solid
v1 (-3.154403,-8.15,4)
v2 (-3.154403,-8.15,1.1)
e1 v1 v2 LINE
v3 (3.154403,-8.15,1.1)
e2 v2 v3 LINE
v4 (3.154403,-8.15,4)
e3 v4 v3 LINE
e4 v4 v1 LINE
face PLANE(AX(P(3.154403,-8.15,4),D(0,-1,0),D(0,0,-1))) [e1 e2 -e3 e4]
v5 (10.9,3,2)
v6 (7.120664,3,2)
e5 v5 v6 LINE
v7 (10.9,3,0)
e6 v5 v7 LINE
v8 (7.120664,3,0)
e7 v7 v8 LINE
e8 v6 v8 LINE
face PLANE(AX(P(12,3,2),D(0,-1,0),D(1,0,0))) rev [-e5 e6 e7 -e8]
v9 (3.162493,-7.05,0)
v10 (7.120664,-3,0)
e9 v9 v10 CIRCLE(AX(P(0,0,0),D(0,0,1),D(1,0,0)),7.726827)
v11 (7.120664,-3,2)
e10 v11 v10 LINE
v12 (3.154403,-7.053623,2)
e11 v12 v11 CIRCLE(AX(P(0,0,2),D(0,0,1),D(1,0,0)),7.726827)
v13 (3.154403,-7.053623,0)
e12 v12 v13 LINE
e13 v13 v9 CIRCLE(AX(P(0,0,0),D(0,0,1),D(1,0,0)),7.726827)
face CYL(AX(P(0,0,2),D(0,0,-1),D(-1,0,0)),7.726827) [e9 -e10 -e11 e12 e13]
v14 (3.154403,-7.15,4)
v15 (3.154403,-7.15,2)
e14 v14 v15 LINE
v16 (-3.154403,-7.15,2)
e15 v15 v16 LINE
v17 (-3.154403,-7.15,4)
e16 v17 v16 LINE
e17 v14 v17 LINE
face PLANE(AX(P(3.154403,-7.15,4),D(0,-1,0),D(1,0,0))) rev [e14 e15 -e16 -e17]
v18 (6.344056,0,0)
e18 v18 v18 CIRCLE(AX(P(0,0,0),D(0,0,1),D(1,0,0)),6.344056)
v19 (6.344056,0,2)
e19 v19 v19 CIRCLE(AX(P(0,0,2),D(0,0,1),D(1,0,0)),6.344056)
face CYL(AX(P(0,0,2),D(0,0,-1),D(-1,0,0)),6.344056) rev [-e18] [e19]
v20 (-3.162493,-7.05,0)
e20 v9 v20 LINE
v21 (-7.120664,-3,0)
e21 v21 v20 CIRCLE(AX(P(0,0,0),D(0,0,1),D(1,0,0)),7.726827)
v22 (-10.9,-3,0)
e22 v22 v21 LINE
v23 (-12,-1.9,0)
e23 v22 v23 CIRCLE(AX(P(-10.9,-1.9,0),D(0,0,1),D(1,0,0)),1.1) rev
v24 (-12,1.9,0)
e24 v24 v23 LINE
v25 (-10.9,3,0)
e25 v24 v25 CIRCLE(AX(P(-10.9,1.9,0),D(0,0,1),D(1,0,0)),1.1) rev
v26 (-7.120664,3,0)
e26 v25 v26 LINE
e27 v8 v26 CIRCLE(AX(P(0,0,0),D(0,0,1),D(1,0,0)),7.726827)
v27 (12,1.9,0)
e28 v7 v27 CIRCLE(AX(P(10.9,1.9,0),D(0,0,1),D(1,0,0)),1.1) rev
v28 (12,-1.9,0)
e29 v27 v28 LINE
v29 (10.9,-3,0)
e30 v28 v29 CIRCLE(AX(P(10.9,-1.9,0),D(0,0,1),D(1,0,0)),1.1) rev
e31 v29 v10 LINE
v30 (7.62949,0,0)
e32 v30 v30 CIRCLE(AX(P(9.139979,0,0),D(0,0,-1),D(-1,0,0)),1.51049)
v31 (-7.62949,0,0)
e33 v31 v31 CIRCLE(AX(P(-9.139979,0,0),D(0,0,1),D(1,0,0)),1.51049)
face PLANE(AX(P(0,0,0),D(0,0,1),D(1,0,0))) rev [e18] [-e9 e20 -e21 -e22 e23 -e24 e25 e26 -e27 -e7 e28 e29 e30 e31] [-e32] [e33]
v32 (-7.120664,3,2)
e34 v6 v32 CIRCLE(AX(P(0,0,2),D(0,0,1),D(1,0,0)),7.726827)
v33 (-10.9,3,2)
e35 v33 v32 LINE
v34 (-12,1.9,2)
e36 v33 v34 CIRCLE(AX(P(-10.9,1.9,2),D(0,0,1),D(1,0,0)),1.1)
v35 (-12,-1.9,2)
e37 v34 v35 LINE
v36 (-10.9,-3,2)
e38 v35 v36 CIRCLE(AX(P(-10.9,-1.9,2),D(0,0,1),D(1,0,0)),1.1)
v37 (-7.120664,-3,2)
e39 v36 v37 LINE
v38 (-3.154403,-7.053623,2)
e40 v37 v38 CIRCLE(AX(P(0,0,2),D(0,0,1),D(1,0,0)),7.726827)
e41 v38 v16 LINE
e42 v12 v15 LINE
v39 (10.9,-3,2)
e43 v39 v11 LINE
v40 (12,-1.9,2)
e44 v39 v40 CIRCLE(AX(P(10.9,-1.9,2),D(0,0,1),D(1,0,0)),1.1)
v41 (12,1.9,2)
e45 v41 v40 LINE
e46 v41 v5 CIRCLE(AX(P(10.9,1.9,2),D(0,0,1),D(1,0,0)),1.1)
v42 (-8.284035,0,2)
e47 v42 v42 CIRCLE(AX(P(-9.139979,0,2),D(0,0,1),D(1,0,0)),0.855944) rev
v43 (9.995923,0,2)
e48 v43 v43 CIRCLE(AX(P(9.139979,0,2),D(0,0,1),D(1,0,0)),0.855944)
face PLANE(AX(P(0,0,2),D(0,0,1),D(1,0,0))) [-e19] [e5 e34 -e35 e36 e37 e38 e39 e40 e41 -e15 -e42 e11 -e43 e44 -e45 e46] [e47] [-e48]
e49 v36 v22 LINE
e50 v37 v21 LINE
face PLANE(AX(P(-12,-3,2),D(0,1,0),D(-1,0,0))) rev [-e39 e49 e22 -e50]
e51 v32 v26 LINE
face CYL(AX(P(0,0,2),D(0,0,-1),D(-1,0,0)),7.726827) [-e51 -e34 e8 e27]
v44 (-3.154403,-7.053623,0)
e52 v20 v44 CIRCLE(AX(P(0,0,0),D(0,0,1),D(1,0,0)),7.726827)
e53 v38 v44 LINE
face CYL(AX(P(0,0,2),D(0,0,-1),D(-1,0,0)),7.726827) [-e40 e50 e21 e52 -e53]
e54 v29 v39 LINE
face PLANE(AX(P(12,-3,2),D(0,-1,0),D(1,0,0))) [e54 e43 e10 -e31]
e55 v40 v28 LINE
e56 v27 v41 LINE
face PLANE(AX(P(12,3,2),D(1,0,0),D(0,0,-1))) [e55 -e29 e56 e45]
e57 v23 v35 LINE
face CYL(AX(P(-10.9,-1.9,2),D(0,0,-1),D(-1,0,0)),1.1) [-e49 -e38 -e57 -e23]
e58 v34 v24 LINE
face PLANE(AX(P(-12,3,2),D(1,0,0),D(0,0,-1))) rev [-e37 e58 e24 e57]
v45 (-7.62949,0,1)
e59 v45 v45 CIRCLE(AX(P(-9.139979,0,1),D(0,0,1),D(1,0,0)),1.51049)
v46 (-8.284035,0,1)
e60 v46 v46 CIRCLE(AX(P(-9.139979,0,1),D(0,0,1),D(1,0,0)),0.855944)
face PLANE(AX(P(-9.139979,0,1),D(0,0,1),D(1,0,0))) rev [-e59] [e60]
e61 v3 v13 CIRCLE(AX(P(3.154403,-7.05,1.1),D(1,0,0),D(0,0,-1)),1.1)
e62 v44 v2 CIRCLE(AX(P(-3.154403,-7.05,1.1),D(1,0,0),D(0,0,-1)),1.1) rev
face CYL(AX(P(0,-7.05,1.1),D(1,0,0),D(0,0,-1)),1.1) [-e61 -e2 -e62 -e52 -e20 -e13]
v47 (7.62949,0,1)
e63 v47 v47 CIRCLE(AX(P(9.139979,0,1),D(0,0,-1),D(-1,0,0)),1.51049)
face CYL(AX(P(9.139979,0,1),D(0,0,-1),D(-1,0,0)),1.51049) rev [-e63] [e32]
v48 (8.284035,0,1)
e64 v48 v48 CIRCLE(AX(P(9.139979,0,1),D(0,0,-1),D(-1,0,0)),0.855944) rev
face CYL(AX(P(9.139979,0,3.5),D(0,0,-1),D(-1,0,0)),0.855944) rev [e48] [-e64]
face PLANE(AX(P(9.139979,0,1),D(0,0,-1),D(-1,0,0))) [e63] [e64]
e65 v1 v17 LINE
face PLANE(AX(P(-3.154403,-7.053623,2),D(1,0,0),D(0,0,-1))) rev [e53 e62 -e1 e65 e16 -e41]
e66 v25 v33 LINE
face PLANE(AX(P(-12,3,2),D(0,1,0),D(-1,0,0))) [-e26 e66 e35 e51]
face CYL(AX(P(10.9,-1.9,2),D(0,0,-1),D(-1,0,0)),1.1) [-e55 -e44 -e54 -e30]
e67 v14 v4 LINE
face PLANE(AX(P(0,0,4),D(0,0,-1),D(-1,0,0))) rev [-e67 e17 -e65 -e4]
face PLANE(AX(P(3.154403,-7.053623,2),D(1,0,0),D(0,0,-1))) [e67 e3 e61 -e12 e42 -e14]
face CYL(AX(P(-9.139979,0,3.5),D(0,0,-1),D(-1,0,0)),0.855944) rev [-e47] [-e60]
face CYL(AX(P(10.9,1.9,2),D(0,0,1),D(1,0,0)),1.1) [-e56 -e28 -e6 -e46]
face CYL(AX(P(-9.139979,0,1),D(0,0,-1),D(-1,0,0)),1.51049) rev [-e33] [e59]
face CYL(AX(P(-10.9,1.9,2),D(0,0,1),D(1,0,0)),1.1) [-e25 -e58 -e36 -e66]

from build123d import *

# Parameters (mm, degrees)
SKETCH_1_R          = 6.344055944
EXTRUDE_2_DEPTH     = 2
SKETCH_1_7_W        = 6.308806274
SKETCH_1_7_H        = 1
EXTRUDE_3_DEPTH     = 4
SKETCH_1_8_R        = 0.855944056
CUT_EXTRUDE_3_DEPTH = 3.5
SKETCH_1_9_R        = 1.51048951
CUT_EXTRUDE_4_DEPTH = 1
FILLET_2_R          = 1.1
FILLET_3_R          = 1.1


with BuildPart() as part:
    # 草图1 → 凸台-拉伸2 (new body)
    with BuildSketch(Plane.XY):
        with BuildLine():
            Line((3.154403137, -7.15), (-3.154403137, -7.15))
            Line((-3.154403137, -7.15), (-3.154403137, -7.053623266))
            ThreePointArc((-3.154403137, -7.053623266), (-5.522881331, -5.403854378), (-7.120664318, -3))
            Line((-7.120664318, -3), (-12, -3))
            Line((-12, -3), (-12, 3))
            Line((-12, 3), (-7.120664318, 3))
            ThreePointArc((-7.120664318, 3), (0, 7.726827314), (7.120664318, 3))
            Line((7.120664318, 3), (12, 3))
            Line((12, 3), (12, -3))
            Line((12, -3), (7.120664318, -3))
            ThreePointArc((7.120664318, -3), (5.522881331, -5.403854378), (3.154403137, -7.053623266))
            Line((3.154403137, -7.053623266), (3.154403137, -7.15))
        make_face()
        Circle(SKETCH_1_R, mode=Mode.SUBTRACT)
    extrude(amount=EXTRUDE_2_DEPTH)

    # 草图1<7> → 凸台-拉伸3 (add)
    with BuildSketch(Plane.XY):
        with Locations((0, -7.65)):
            Rectangle(SKETCH_1_7_W, SKETCH_1_7_H)
    extrude(amount=EXTRUDE_3_DEPTH)

    # 草图1<8> → 切除-拉伸3 (cut)
    with BuildSketch(Plane.XY):
        with Locations((-9.139979315, 0)):
            Circle(SKETCH_1_8_R)
        with Locations((9.139979315, 0)):
            Circle(SKETCH_1_8_R)
    extrude(amount=CUT_EXTRUDE_3_DEPTH, mode=Mode.SUBTRACT)

    # 草图1<9> → 切除-拉伸4 (cut)
    with BuildSketch(Plane.XY):
        with Locations((-9.139979315, 0)):
            Circle(SKETCH_1_9_R)
        with Locations((9.139979315, 0)):
            Circle(SKETCH_1_9_R)
    extrude(amount=CUT_EXTRUDE_4_DEPTH, mode=Mode.SUBTRACT)

    # 圆角2
    fillet_2_edges = [part.edges().sort_by_distance(p)[0] for p in [
        (0, -8.15, 0),
    ]]
    fillet(fillet_2_edges, radius=FILLET_2_R)

    # 圆角3
    fillet_3_edges = [part.edges().sort_by_distance(p)[0] for p in [
        (-12, -3, 1),
        (-12, 3, 1),
        (12, -3, 1),
        (12, 3, 1),
    ]]
    fillet(fillet_3_edges, radius=FILLET_3_R)


solid = part.part
